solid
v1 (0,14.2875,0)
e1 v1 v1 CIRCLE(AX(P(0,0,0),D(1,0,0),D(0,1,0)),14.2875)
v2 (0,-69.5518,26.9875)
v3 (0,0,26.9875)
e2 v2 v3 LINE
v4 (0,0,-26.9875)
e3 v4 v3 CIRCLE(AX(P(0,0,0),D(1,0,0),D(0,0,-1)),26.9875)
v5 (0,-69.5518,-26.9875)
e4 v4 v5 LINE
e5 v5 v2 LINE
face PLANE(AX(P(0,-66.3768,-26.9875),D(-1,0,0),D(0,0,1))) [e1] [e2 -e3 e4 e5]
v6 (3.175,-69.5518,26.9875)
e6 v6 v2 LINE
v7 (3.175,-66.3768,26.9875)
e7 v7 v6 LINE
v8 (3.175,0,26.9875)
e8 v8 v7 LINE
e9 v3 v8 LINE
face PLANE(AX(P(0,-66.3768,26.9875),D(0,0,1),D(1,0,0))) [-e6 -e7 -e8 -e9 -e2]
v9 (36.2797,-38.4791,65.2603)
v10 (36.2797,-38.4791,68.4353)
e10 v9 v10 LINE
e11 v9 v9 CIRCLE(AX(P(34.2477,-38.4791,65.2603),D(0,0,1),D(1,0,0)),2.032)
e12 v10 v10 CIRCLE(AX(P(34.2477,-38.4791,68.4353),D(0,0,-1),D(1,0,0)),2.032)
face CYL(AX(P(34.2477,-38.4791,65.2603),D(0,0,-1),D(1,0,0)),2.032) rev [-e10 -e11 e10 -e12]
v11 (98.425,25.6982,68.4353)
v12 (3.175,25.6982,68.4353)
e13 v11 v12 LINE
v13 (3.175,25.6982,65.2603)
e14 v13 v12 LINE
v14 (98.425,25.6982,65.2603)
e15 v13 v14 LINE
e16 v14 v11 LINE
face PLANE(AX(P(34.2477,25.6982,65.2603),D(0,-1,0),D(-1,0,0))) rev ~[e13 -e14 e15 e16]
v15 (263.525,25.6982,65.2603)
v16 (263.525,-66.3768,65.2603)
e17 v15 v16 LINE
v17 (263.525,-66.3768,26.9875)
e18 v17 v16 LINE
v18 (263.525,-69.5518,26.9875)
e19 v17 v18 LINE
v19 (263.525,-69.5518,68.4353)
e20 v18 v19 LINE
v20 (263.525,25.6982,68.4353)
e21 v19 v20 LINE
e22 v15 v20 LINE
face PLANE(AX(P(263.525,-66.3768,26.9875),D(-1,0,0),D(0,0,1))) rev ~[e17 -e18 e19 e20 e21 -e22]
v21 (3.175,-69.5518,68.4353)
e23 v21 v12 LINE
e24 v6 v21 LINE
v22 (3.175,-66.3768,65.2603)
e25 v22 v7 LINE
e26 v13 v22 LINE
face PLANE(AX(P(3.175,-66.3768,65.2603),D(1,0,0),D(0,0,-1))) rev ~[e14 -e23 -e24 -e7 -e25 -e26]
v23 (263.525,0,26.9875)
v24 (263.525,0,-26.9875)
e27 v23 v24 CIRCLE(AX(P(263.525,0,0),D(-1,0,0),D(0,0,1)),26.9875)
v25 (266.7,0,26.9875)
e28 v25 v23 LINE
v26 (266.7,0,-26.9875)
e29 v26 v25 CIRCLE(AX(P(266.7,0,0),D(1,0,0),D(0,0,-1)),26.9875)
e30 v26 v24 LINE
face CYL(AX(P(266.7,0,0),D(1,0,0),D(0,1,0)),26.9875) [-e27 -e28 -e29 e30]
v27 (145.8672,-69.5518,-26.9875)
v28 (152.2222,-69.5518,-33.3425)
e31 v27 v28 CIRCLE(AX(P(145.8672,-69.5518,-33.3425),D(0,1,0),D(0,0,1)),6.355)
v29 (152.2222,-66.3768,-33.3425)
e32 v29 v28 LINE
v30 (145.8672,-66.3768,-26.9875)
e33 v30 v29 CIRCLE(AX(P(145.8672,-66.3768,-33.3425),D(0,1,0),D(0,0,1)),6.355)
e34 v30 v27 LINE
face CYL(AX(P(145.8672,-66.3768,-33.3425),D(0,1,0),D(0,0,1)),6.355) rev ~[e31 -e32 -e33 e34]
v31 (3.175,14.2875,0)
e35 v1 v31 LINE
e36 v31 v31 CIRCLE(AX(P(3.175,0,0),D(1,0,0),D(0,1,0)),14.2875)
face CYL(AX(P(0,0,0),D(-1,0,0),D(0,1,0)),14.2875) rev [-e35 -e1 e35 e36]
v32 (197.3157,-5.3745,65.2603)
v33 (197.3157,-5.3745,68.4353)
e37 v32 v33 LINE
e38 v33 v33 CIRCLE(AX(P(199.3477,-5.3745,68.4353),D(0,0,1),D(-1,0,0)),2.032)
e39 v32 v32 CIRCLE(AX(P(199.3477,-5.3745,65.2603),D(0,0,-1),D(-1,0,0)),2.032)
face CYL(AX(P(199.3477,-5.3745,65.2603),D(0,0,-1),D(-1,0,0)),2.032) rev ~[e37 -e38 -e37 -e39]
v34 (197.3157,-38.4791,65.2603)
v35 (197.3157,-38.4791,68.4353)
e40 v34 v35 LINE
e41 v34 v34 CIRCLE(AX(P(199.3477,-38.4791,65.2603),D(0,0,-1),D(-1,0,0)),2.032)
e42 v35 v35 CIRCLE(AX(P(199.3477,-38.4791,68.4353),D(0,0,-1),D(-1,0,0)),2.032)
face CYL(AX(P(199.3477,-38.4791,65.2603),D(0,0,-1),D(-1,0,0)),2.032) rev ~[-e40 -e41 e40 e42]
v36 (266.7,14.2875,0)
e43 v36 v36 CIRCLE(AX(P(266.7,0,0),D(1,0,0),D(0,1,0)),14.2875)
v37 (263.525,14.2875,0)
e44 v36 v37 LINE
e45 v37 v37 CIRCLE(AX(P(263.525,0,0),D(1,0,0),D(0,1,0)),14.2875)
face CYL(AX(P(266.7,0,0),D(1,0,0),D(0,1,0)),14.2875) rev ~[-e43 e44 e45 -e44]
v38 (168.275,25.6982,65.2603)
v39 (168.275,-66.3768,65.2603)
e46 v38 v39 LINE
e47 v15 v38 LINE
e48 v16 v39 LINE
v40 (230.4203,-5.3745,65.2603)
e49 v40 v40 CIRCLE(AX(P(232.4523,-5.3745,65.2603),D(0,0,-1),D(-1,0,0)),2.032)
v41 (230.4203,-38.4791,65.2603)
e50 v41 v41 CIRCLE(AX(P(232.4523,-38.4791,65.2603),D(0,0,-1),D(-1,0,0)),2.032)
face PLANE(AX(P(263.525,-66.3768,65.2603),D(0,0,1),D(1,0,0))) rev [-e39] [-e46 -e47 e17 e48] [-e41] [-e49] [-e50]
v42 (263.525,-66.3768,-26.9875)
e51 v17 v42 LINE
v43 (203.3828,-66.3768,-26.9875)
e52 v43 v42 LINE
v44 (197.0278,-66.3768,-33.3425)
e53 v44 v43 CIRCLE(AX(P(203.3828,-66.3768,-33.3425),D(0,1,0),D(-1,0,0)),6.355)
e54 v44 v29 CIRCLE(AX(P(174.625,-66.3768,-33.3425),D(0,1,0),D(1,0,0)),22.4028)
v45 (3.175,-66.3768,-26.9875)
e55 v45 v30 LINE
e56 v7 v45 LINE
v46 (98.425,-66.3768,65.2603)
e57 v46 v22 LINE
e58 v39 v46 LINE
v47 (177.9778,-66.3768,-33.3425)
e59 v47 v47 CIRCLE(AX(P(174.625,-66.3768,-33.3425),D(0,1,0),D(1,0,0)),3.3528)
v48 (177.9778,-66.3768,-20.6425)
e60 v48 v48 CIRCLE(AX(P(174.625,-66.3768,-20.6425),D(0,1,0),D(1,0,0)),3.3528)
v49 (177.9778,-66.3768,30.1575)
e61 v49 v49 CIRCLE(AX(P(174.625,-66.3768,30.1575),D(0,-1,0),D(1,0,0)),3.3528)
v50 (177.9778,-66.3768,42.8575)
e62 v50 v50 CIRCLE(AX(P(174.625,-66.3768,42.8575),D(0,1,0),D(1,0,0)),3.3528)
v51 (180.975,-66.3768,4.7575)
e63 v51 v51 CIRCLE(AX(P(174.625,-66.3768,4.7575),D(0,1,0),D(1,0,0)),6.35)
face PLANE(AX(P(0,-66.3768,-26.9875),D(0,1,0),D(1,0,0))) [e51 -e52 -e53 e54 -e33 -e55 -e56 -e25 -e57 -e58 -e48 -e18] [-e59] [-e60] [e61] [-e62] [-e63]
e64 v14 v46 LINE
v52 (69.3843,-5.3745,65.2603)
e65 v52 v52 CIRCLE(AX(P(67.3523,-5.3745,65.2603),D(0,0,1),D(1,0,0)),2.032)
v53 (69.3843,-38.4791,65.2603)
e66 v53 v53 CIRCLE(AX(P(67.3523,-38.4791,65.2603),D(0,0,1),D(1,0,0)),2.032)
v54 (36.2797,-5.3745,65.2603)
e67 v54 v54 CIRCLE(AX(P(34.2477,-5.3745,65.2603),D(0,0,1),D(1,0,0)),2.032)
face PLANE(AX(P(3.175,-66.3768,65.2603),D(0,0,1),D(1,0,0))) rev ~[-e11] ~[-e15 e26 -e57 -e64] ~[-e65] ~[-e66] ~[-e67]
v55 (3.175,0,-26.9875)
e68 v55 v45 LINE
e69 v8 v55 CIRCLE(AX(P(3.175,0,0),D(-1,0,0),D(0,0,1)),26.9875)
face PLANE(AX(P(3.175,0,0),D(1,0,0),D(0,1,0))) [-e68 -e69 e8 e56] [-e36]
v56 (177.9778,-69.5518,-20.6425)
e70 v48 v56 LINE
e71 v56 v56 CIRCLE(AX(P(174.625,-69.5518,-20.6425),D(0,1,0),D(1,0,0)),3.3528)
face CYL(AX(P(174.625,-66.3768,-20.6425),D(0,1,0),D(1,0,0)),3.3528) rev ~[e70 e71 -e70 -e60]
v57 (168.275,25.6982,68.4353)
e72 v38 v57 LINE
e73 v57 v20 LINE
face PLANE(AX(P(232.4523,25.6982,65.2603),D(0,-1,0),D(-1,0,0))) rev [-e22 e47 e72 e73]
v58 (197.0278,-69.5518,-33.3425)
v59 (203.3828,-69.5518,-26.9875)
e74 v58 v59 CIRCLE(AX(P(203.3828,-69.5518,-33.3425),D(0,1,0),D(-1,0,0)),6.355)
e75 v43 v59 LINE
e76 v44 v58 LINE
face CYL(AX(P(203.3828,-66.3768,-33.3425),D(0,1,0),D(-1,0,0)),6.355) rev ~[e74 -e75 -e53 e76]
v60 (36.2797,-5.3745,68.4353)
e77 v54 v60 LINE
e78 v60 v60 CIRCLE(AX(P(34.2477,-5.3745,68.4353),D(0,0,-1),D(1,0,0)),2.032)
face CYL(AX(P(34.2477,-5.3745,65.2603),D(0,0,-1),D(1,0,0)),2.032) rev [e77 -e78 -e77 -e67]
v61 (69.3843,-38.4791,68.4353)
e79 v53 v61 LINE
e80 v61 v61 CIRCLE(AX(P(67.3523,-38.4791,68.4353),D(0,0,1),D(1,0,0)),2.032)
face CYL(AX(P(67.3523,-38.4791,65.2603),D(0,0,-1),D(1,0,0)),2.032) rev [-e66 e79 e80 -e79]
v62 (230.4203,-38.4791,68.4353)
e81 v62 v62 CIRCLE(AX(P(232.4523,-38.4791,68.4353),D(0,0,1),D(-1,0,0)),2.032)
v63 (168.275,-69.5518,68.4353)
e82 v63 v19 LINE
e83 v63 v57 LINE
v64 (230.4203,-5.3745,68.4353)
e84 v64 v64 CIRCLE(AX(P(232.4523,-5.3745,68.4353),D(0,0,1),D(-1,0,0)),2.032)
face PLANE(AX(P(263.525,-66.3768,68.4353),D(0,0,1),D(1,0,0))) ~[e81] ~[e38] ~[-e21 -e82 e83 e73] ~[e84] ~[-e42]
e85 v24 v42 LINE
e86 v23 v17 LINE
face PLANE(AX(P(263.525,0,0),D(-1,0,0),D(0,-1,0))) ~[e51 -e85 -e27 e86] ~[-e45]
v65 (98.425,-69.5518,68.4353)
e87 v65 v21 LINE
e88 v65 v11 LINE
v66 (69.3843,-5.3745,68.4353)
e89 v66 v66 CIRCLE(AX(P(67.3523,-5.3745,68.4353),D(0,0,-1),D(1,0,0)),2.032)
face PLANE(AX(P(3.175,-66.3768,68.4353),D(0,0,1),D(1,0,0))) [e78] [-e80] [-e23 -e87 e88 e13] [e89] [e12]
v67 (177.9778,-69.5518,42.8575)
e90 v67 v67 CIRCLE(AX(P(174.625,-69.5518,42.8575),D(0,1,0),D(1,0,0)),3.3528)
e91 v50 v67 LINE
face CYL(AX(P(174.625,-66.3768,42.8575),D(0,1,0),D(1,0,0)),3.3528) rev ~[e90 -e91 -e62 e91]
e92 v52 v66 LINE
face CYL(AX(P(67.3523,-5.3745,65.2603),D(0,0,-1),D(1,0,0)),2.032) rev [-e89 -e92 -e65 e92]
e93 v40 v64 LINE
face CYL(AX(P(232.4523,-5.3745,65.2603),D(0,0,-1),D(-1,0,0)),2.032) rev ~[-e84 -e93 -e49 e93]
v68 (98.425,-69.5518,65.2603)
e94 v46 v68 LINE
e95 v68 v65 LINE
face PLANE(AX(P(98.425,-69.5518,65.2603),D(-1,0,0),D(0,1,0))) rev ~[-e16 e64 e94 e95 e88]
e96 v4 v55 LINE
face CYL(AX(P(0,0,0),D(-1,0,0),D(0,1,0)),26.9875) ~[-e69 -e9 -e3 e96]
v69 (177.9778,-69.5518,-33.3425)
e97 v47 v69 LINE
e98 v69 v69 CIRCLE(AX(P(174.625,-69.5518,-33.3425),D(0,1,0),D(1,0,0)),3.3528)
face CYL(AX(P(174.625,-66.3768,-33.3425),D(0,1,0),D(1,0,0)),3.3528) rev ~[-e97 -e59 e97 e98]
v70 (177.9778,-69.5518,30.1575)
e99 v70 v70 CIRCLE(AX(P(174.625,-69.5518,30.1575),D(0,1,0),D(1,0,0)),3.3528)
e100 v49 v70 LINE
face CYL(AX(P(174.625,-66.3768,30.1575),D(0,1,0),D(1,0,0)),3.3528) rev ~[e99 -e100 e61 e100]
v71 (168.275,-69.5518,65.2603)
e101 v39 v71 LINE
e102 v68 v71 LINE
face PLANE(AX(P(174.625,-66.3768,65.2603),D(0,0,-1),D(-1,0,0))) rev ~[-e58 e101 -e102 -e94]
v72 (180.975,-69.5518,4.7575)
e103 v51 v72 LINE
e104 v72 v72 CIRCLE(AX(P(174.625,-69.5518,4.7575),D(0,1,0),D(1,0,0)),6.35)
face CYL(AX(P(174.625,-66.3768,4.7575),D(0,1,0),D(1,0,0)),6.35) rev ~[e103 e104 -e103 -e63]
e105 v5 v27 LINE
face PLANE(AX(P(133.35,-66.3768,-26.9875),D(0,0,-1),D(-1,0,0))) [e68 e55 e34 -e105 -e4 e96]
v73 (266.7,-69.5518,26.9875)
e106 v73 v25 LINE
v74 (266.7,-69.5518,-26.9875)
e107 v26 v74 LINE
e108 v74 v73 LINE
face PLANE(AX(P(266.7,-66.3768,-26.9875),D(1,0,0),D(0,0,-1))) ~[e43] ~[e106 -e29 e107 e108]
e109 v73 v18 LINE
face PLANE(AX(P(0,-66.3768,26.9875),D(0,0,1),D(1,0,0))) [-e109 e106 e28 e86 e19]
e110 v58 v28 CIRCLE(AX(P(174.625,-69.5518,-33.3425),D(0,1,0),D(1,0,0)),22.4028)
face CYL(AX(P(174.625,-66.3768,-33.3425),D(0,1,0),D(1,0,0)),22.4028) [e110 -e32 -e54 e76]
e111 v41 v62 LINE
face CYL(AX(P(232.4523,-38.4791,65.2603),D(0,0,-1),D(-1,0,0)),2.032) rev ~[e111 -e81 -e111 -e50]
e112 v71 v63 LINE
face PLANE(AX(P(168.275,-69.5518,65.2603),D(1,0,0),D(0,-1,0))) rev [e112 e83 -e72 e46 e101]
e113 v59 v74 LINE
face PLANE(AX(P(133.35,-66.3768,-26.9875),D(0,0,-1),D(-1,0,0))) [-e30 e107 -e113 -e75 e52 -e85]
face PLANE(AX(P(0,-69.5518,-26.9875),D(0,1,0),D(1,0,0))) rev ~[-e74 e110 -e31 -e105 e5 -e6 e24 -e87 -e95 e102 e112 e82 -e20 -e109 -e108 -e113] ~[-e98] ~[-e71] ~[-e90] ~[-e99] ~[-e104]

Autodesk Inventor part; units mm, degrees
ref_plane "YZ Plane" through (0, 0, 0) normal (1, 0, 0) x (0, 1, 0)
ref_plane "XZ Plane" through (0, 0, 0) normal (0, 1, 0) x (-1, 0, 0)
sketch "Sketch1" plane through (0, 0, 0) normal (1, 0, 0) x (0, 1, 0)
  circle A0 centre (0, 0) radius 14.2875
  line L0 (-66.3768, 26.9875) -> (-66.3768, -26.9875)
  circle A1 centre (0, 0) radius 26.9875
  line L1 (0, 26.9875) -> (-66.3768, 26.9875)
  line L2 (0, -26.9875) -> (-66.3768, -26.9875)
  point P0 (-66.3768, 0)
  dimension "d0" = 28.575
  dimension "d1" = 66.3768
  dimension "d2" = 53.975
  dimension "d3" = 12.7
extrude "Extrusion1" add sketch "Sketch1" along normal blind 3.175
sketch "Sketch2" plane through (0, -66.3768, -26.9875) normal (0, -1, 0) x (1, 0, 0)
  line L0 (0, 0) -> (0, 53.975) projected
  line L1 (0, 53.975) -> (133.35, 53.975)
  line L2 (133.35, 53.975) -> (133.35, 0)
  line L3 (133.35, 0) -> (0, 0)
  line L4 (0, 0) -> (0, 53.975)
  point P0 (0, 26.9875)
  dimension "d6" = 53.975
  dimension "d7" = 133.35
extrude "Extrusion2" add sketch "Sketch2" along normal blind 3.175
mirror "Mirror1" about plane through (133.35, -66.3768, -26.9875) normal (1, 0, 0)
sketch "Sketch3" plane through (0, -66.3768, -26.9875) normal (0, 1, 0) x (1, 0, 0)
  line L0 (3.175, -53.975) -> (3.175, 0) projected
  line L1 (3.175, -53.975) -> (263.525, -53.975) projected
  line L2 (263.525, -53.975) -> (263.525, 0) projected
  line L3 (263.525, 0) -> (3.175, 0) projected
  circle A0 centre (174.625, -31.745) radius 6.35
  circle A1 centre (174.625, -6.345) radius 3.3528
  circle A2 centre (174.625, 6.355) radius 3.3528
  circle A3 centre (174.625, -57.145) radius 3.3528
  circle A4 centre (174.625, -69.845) radius 3.3528
  arc A5 (152.2222, -69.845) -> (197.0278, -69.845) centre (174.625, -69.845) ccw
  arc A6 (197.0278, 6.355) -> (152.2222, 6.355) centre (174.625, 6.355) ccw
  line L4 (263.525, 0) -> (3.175, 0) projected
  line L5 (3.175, -53.975) -> (263.525, -53.975) projected
  arc A7 (197.0278, 6.355) -> (203.3828, 0) centre (203.3828, 6.355) ccw
  arc A8 (145.8672, 0) -> (152.2222, 6.355) centre (145.8672, 6.355) ccw
  arc A9 (152.2222, -69.845) -> (136.3522, -53.975) centre (136.3522, -69.845) ccw
  arc A10 (212.8978, -53.975) -> (197.0278, -69.845) centre (212.8978, -69.845) ccw
  point P0 (0, -26.9875)
  dimension "d10" = 22.23
  dimension "d11" = 12.7
  dimension "d12" = 47.63
  dimension "d13" = 6.7056
  dimension "d14" = 6.7056
  dimension "d15" = 60.33
  dimension "d16" = 6.7056
  dimension "d17" = 3.17
  dimension "d18" = 6.7056
  dimension "d19" = 15.87
  dimension "d20" = 88.9
  dimension "d21" = 19.05
  dimension "d22" = 19.05
extrude "Extrusion3" add sketch "Sketch3" against normal blind 3.175 contours L0 L3 L2 L1 A3 | L1 A3 A10 A5 A9 | A8 A6 A7 L3 | A3 L1 | L1 A3 | A0 | A1 | A2 | A4
extrude "Extrusion4" cut sketch "Sketch3" against normal blind 3.175 contours A3 L1 | L1 A3 | A0 | A1 | A2 | A4
sketch "Sketch4" plane through (0, -66.3768, -26.9875) normal (0, 1, 0) x (1, 0, 0)
  line L0 (3.175, -53.975) -> (3.175, 0) projected
  line L1 (3.175, -53.975) -> (263.525, -53.975)
  line L2 (263.525, -53.975) -> (263.525, -92.2478)
  line L3 (263.525, -92.2478) -> (3.175, -92.2478)
  line L4 (3.175, -92.2478) -> (3.175, -53.975)
  arc A0 (152.2222, -69.845) -> (197.0278, -69.845) centre (174.625, -69.845) ccw projected
  line L5 (263.525, -53.975) -> (263.525, 0) projected
  arc A1 (152.2222, -69.845) -> (197.0278, -69.845) centre (174.625, -69.845) ccw projected
  circle A2 centre (174.625, -69.845) radius 3.3528 projected
  circle A3 centre (174.625, -57.145) radius 3.3528 projected
  arc A4 (173.533, -53.975) -> (175.717, -53.975) centre (174.625, -57.145) ccw
  point P0 (0, -26.9875)
  point P1 (174.625, -92.2478)
extrude "Extrusion5" add sketch "Sketch4" against normal blind 3.175 contours L1 A3 L2 L3 L4
sketch "Sketch5" plane through (3.175, -66.3768, 65.2603) normal (0, 0, 1) x (1, 0, 0)
  line L0 (0, -3.175) -> (0, 0) projected
  line L1 (0, -3.175) -> (95.25, -3.175)
  line L2 (95.25, -3.175) -> (95.25, 92.075)
  line L3 (95.25, 92.075) -> (0, 92.075)
  line L4 (0, 92.075) -> (0, -3.175)
  circle A0 centre (31.0727, 61.0023) radius 2.032
  circle A1 centre (64.1773, 61.0023) radius 2.032
  circle A2 centre (64.1773, 27.8977) radius 2.032
  circle A3 centre (31.0727, 27.8977) radius 2.032
  line L5 (29.0407, 61.0023) -> (0, 61.0023)
  line L6 (33.1047, 61.0023) -> (62.1453, 61.0023)
  line L7 (66.2093, 61.0023) -> (95.25, 61.0023)
  line L8 (31.0727, 63.0343) -> (31.0727, 92.075)
  line L9 (31.0727, 58.9703) -> (31.0727, 29.9297)
  line L10 (31.0727, 25.8657) -> (31.0727, -3.175)
  point P0 (-3.175, 66.3768)
  dimension "d29" = 95.25
  dimension "d30" = 95.25
  dimension "d31" = 4.064
  dimension "d32" = 4.064
  dimension "d33" = 4.064
  dimension "d34" = 4.064
extrude "Extrusion6" add sketch "Sketch5" along normal blind 3.175 contours L0 L4 L5 A0 L9 A3 L10 L1 | L10 A3 L9 A0 L6 A1 L7 L2 L1 | L4 L3 L8 A0 L5 | L7 A1 L6 A0 L8 L3 L2
ref_plane "Work Plane1" through (133.35, 0, 0) normal (1, 0, 0) x (0, 0, -1)
mirror "Mirror2" about plane through (133.35, 0, 0) normal (1, 0, 0) of "Extrusion6"
properties part number "Another Motor Bracket"
